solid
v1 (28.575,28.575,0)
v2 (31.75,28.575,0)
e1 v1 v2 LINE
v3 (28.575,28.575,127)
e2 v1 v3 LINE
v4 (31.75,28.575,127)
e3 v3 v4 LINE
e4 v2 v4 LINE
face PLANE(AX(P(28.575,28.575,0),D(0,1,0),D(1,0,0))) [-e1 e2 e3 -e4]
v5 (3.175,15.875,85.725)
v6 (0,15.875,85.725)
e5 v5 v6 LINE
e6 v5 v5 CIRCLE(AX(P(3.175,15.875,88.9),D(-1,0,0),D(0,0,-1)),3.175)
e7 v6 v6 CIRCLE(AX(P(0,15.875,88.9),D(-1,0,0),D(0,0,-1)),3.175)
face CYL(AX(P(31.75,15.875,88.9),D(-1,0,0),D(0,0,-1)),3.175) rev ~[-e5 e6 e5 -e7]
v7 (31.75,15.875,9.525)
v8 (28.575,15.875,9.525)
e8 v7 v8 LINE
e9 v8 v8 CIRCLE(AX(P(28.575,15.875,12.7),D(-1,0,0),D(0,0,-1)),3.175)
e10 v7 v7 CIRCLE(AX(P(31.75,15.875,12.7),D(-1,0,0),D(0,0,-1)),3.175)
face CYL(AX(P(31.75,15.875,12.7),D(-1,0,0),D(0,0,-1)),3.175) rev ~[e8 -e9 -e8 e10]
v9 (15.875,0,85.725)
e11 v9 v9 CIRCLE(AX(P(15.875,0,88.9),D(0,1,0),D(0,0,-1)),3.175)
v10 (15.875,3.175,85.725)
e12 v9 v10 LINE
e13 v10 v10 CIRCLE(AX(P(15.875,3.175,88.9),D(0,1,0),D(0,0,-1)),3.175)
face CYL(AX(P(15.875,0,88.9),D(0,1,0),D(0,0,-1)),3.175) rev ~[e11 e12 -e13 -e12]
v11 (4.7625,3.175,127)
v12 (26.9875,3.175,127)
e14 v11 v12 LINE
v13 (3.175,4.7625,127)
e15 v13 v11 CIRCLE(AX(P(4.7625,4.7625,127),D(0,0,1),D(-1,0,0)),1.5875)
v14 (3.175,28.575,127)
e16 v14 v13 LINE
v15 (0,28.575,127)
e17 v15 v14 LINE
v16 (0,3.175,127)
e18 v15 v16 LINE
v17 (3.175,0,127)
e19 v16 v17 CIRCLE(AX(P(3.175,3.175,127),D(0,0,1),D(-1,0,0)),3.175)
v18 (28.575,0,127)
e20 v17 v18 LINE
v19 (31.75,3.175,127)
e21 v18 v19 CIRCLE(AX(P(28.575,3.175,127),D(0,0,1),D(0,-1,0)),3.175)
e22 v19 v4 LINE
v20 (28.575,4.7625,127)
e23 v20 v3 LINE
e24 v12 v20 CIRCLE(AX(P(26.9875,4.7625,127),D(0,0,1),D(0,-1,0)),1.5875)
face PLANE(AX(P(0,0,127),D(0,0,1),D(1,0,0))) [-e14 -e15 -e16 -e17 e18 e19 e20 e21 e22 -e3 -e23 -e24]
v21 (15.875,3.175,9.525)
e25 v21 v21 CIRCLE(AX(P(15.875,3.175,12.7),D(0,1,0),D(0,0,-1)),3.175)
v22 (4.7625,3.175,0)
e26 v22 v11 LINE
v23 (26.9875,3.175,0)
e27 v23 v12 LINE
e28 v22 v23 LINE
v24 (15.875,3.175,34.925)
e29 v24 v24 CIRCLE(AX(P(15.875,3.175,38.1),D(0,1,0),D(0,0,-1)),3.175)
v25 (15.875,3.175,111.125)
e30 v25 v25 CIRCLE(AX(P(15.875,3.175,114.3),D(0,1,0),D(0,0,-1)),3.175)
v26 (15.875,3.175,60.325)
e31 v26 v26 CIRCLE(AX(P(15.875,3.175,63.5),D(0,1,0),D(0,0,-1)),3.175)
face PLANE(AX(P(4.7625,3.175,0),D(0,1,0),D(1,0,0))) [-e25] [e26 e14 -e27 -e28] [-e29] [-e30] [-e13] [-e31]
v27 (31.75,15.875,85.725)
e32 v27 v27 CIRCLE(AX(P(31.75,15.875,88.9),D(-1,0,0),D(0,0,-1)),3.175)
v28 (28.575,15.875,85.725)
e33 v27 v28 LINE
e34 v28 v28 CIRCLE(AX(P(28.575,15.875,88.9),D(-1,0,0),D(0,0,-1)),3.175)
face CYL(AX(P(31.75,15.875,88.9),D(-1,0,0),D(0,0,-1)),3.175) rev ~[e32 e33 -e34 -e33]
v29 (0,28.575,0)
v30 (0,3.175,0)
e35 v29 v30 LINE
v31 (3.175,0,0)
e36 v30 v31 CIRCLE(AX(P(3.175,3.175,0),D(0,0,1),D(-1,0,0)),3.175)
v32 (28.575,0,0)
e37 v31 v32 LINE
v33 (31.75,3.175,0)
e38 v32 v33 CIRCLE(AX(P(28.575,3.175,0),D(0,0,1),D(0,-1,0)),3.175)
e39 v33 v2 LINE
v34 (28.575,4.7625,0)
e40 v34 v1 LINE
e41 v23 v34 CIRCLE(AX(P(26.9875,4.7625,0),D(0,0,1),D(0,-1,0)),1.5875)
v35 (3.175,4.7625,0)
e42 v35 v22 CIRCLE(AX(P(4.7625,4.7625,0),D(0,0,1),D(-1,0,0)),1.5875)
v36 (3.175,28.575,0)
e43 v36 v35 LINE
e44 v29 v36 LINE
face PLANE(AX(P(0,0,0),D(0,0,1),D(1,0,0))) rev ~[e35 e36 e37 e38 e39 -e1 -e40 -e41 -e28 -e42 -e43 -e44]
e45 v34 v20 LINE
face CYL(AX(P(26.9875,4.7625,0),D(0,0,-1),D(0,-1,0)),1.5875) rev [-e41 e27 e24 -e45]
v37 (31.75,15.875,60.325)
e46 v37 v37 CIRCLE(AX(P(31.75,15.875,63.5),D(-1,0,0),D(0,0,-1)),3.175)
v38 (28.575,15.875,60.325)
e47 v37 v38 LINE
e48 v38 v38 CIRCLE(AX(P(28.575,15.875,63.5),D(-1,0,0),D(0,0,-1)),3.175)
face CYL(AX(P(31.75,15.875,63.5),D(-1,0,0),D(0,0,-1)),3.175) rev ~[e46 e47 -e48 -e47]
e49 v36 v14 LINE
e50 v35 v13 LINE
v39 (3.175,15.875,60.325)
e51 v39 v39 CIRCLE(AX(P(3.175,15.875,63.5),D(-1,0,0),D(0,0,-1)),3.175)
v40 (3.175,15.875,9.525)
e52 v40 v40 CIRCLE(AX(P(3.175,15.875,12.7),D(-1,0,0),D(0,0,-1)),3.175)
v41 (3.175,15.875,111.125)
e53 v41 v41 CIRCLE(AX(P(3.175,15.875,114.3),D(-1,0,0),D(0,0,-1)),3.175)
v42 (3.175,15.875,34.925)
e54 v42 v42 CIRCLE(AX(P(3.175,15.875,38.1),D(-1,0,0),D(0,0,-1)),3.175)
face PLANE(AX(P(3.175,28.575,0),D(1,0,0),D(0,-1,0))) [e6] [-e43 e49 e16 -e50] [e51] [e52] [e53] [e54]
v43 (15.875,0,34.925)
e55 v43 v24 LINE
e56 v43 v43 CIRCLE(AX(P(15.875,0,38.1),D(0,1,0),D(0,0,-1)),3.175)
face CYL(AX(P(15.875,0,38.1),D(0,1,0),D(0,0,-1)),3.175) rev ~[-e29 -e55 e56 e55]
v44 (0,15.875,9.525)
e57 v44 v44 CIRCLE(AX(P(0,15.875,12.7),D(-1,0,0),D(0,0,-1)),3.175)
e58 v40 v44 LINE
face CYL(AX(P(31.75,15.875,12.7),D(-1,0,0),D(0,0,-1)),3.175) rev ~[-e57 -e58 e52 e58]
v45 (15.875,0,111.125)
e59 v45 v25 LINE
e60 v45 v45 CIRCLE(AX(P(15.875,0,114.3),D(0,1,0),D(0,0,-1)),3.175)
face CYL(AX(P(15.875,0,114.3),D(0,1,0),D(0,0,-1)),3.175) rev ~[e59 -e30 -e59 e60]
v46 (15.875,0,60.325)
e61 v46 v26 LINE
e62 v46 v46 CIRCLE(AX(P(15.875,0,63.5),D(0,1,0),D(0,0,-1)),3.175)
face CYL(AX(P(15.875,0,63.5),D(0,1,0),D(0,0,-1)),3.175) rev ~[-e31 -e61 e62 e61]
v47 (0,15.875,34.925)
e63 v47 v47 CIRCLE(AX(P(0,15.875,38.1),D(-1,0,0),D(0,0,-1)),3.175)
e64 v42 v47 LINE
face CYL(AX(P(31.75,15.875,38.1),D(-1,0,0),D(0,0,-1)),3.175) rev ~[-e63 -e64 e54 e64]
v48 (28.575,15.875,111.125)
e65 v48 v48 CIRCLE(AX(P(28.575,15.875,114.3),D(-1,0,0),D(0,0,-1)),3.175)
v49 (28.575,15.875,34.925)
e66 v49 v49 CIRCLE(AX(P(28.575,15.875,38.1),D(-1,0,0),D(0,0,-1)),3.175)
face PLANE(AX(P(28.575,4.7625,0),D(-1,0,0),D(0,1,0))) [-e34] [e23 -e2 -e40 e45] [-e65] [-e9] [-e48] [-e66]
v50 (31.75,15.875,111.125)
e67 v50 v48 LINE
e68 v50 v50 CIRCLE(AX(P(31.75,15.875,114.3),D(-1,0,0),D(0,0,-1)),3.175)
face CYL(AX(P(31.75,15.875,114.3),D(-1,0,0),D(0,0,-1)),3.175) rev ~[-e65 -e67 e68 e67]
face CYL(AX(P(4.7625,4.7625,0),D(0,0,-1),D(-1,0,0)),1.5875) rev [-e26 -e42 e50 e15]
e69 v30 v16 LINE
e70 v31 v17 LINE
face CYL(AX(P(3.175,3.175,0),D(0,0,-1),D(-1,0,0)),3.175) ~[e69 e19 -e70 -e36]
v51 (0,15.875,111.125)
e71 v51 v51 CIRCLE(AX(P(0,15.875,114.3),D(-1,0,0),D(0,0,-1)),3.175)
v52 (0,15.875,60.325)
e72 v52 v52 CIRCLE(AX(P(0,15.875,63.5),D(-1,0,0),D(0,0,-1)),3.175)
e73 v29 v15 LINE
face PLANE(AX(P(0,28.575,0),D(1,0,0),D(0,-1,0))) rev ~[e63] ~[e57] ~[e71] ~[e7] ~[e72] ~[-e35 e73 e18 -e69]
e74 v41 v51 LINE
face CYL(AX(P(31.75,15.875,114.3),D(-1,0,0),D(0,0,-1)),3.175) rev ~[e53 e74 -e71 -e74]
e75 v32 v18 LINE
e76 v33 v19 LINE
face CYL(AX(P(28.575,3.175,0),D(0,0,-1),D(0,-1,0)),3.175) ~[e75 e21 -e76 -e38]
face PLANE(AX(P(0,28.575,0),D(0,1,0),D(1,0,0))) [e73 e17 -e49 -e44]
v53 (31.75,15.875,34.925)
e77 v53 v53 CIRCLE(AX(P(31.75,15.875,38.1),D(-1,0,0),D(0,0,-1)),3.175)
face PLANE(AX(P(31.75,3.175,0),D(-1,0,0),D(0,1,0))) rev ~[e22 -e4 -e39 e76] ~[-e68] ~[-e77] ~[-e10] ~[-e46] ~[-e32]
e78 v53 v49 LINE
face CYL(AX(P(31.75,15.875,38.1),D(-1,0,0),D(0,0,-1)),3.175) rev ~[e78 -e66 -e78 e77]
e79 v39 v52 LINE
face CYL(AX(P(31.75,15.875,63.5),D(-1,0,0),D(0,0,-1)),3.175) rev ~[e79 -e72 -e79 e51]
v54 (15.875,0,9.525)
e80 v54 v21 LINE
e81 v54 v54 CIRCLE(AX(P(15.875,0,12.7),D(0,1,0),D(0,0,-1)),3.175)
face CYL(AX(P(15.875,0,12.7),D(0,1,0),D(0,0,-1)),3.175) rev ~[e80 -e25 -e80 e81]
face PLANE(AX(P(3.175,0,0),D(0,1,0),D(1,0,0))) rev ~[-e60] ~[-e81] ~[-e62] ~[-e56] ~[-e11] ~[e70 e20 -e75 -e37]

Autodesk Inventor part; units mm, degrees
ref_plane "YZ Plane" through (0, 0, 0) normal (1, 0, 0) x (0, 1, 0)
ref_plane "XZ Plane" through (0, 0, 0) normal (0, 1, 0) x (-1, 0, 0)
ref_plane "XY Plane" through (0, 0, 0) normal (0, 0, 1) x (1, 0, 0)
sketch "Sketch1" plane through (0, 0, 0) normal (0, 0, 1) x (1, 0, 0)
  line L0 (3.175, 0) -> (28.575, 0)
  line L1 (31.75, 3.175) -> (31.75, 28.575)
  line L2 (0, 28.575) -> (0, 3.175)
  line L3 (4.7625, 3.175) -> (26.9875, 3.175)
  line L4 (28.575, 4.7625) -> (28.575, 28.575)
  line L5 (3.175, 28.575) -> (3.175, 4.7625)
  line L6 (0, 28.575) -> (3.175, 28.575)
  line L7 (28.575, 28.575) -> (31.75, 28.575)
  arc A0 (3.175, 4.7625) -> (4.7625, 3.175) centre (4.7625, 4.7625) ccw
  arc A1 (26.9875, 3.175) -> (28.575, 4.7625) centre (26.9875, 4.7625) ccw
  arc A2 (0, 3.175) -> (3.175, 0) centre (3.175, 3.175) ccw
  arc A3 (28.575, 0) -> (31.75, 3.175) centre (28.575, 3.175) ccw
  point P0 (0, 0)
  point P1 (0, 0)
  point P2 (31.75, 0)
  dimension "d0" = 31.75
  dimension "d1" = 28.575
  dimension "d2" = 1.5875
  dimension "d3" = 3.175
extrude "Extrusion1" add sketch "Sketch1" along normal blind 127
sketch "Sketch2" plane through (31.75, 3.175, 0) normal (1, 0, 0) x (0, 0, -1)
  line L0 (-127, 0) -> (-127, 25.4) projected
  line L1 (0, 0) -> (-127, 0) projected
  line L2 (-127, 12.7) -> (-114.3, 12.7)
  point P0 (0, -3.175)
  dimension "d6" = 12.7
sketch "Sketch3" plane through (3.175, 0, 0) normal (0, -1, 0) x (1, 0, 0)
  line L0 (0, 127) -> (25.4, 127) projected
  line L1 (0, 0) -> (0, 127) projected
  line L2 (12.7, 127) -> (12.7, 114.3)
  point P0 (-3.175, 0)
  dimension "d7" = 12.7
hole "Hole1" at (31.75, 15.875, 114.3) direction (-1, 0, 0) diameter 6.35 end through all
hole "Hole2" at (15.875, 0, 114.3) direction (0, 1, 0) diameter 6.35 end through all
pattern_linear "Rectangular Pattern1" count 5 spacing 25.4 along (0, 0, -1) of "Hole1", "Hole2"
properties part number "5 in bar"
